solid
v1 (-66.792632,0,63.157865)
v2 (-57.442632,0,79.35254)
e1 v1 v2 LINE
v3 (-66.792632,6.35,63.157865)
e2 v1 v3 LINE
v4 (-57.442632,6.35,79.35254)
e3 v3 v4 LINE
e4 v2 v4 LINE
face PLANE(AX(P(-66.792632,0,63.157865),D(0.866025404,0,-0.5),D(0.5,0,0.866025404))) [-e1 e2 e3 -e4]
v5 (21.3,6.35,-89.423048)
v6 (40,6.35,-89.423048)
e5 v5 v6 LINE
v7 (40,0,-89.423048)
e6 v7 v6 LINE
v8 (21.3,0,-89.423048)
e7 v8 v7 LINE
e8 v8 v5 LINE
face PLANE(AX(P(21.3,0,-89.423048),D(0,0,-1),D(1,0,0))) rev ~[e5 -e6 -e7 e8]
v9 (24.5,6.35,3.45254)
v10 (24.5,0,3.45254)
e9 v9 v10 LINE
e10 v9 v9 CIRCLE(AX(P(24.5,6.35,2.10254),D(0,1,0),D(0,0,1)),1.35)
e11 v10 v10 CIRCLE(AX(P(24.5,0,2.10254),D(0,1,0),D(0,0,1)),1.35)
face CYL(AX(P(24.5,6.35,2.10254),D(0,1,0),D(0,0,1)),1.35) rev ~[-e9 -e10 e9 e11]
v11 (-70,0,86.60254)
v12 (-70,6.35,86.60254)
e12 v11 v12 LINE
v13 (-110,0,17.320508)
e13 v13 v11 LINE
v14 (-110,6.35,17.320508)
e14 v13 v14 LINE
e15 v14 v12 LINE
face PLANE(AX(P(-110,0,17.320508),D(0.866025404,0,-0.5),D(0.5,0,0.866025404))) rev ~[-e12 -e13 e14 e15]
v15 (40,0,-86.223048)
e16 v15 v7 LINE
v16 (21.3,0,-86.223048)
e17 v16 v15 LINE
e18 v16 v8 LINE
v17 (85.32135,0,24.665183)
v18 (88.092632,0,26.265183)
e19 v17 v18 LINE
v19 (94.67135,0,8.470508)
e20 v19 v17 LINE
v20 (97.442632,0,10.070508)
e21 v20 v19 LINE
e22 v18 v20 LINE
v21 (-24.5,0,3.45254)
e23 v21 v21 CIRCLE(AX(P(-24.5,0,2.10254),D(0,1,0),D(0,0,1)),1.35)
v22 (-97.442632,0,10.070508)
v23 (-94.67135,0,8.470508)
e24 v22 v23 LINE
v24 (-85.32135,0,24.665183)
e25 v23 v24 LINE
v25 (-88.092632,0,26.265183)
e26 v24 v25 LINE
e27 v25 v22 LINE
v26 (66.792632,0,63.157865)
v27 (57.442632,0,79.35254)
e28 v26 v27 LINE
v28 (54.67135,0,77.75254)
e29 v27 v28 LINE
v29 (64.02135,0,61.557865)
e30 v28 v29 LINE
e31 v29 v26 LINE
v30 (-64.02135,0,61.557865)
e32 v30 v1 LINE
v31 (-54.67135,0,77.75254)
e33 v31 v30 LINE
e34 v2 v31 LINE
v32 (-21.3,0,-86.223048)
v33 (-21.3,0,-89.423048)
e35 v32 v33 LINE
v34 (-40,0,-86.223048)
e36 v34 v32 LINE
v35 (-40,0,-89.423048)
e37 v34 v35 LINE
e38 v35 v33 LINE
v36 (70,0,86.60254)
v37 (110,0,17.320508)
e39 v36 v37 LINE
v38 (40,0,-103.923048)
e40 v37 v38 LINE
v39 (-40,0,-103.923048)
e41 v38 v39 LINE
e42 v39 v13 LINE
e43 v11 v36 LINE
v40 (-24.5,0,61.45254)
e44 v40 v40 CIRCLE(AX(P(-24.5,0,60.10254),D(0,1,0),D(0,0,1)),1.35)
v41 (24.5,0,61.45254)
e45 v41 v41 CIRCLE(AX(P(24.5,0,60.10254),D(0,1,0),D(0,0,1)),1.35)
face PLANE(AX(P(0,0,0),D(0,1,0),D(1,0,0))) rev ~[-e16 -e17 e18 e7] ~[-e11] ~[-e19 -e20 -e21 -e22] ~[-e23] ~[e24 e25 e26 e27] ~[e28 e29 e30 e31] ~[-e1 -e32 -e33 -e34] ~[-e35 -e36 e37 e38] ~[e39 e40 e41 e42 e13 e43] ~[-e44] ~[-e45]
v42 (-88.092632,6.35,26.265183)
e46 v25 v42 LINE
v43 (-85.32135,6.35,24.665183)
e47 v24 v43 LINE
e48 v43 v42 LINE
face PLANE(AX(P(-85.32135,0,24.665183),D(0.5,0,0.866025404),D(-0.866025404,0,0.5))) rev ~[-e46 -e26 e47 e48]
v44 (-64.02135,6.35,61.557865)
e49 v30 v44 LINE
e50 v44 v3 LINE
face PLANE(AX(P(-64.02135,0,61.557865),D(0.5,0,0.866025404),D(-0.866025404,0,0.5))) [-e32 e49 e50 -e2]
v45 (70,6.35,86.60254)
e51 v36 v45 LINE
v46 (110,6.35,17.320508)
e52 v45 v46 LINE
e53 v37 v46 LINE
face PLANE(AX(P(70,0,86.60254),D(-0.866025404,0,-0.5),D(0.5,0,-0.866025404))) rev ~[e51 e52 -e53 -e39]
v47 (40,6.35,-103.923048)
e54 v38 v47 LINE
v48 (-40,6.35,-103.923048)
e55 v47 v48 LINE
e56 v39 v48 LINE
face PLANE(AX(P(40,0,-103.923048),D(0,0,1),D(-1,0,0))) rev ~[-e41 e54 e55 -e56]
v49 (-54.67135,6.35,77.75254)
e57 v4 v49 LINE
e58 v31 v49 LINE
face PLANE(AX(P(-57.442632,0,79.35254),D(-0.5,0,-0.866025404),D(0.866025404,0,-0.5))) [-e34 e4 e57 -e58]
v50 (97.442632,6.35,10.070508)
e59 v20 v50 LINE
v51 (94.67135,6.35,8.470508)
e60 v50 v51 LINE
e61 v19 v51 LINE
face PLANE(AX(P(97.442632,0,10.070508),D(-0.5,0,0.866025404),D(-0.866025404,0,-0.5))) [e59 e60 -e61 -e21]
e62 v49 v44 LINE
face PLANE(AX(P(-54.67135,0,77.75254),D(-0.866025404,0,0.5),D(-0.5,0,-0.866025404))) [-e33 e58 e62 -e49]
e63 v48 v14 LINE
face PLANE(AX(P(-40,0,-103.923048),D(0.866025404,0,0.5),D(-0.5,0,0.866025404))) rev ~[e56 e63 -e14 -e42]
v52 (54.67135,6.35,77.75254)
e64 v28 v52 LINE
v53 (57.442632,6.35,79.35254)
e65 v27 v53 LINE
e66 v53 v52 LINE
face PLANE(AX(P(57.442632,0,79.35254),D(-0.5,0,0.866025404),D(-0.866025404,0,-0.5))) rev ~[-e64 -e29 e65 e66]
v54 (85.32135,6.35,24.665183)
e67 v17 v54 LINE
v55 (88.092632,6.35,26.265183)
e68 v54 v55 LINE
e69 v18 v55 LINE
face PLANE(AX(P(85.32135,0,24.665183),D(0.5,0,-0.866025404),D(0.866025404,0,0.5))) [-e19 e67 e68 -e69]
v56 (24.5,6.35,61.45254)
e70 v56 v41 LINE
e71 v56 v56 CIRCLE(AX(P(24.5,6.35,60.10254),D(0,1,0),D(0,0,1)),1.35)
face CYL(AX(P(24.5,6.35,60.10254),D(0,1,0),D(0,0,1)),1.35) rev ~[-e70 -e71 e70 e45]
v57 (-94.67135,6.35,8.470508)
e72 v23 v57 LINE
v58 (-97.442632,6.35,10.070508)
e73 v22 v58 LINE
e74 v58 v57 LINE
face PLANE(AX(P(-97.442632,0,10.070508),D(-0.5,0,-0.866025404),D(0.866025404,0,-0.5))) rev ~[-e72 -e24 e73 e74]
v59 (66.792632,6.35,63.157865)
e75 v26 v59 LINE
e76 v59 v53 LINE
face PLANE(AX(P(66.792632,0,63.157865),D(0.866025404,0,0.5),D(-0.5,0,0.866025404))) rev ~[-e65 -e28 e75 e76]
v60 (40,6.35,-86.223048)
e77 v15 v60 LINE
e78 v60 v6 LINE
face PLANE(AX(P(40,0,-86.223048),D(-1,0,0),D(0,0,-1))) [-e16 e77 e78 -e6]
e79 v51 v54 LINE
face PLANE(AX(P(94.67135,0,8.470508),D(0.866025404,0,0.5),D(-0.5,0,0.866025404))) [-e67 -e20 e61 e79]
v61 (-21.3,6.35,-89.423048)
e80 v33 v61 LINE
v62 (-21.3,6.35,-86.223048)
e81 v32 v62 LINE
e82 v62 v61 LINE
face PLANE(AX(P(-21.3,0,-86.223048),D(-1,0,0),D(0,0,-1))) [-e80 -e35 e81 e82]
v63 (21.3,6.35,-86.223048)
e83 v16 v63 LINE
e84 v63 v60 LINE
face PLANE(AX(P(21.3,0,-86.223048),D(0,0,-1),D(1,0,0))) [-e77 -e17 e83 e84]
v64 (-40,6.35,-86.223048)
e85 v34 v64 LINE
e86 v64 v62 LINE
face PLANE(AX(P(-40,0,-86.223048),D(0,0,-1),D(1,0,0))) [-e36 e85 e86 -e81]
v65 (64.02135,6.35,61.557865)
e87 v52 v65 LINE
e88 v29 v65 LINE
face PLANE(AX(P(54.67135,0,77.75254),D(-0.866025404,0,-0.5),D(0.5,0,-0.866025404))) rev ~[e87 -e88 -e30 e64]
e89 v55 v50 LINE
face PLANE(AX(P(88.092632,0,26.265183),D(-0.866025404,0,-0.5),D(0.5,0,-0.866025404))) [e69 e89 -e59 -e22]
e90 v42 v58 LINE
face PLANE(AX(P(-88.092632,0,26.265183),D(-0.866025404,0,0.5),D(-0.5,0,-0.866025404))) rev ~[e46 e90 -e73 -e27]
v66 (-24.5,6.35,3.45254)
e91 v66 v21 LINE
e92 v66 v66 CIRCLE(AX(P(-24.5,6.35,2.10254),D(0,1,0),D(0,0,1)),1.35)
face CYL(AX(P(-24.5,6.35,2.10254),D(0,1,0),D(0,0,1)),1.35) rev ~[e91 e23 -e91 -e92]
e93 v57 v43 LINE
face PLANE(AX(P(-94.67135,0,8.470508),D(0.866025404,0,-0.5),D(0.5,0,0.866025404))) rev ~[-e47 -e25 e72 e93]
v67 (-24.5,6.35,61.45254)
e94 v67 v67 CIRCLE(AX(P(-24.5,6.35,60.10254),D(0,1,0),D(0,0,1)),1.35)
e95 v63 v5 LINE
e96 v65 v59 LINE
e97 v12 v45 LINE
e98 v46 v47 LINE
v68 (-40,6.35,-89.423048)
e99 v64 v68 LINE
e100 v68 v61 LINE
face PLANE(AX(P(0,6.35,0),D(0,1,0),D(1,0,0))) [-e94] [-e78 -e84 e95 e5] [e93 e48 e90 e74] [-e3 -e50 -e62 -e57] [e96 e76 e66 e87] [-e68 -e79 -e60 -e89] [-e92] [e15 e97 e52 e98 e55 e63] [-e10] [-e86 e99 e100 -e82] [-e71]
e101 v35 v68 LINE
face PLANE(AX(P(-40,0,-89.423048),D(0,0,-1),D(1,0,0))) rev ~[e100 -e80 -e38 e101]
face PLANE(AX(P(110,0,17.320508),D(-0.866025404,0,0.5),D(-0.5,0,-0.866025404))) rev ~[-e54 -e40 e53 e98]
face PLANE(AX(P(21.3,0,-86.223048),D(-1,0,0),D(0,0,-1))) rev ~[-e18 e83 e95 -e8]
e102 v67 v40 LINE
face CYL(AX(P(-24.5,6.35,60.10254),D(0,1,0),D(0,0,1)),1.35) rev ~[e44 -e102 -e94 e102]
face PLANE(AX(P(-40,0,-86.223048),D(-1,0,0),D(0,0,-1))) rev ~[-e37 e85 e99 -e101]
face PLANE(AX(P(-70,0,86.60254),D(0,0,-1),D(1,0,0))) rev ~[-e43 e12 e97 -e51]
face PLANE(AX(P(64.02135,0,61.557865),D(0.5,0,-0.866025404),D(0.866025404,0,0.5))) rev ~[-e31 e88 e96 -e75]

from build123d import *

# Parameters (mm, degrees)
SKETCH1_W           = 18.7
SKETCH1_H           = 3.2
BOSS_EXTRUDE1_DEPTH = 6.35
SKETCH2_R           = 1.35
CUT_EXTRUDE1_DEPTH  = 6.35


with BuildPart() as part:
    # Sketch1 → Boss-Extrude1 (new body)
    with BuildSketch(Plane(origin=(0, 0, 0), x_dir=(1, 0, 0), z_dir=(0, 1, 0))):
        Polygon((70, -86.602540378), (110, -17.320508076), (40, 103.923048454), (-40, 103.923048454), (-110, -17.320508076), (-70, -86.602540378), align=None)
        Polygon((-94.671350353, -8.470508076), (-85.321350353, -24.665183126), (-88.092631645, -26.265183126), (-97.442631645, -10.070508076), align=None, mode=Mode.SUBTRACT)
        Polygon((-57.442631645, -79.352540378), (-54.671350353, -77.752540378), (-64.021350353, -61.557865328), (-66.792631645, -63.157865328), align=None, mode=Mode.SUBTRACT)
        Polygon((54.671350353, -77.752540378), (64.021350353, -61.557865328), (66.792631645, -63.157865328), (57.442631645, -79.352540378), align=None, mode=Mode.SUBTRACT)
        Polygon((97.442631645, -10.070508076), (94.671350353, -8.470508076), (85.321350353, -24.665183126), (88.092631645, -26.265183126), align=None, mode=Mode.SUBTRACT)
        with Locations((30.65, 87.823048454)):
            Rectangle(SKETCH1_W, SKETCH1_H, mode=Mode.SUBTRACT)
        with Locations((-30.65, 87.823048454)):
            Rectangle(SKETCH1_W, SKETCH1_H, mode=Mode.SUBTRACT)
    extrude(amount=BOSS_EXTRUDE1_DEPTH)

    # Sketch2 → Cut-Extrude1 (cut)
    with BuildSketch(Plane(origin=(0, 6.35, 0), x_dir=(1, 0, 0), z_dir=(0, 1, 0))):
        with Locations(Location((-24.5, -60.102540378, 0), (0, 0, 270))):
            Circle(SKETCH2_R)
        with Locations(Location((24.5, -60.102540378, 0), (0, 0, 270))):
            Circle(SKETCH2_R)
        with Locations(Location((24.5, -2.102540378, 0), (0, 0, 270))):
            Circle(SKETCH2_R)
        with Locations(Location((-24.5, -2.102540378, 0), (0, 0, 270))):
            Circle(SKETCH2_R)
    extrude(amount=-CUT_EXTRUDE1_DEPTH, mode=Mode.SUBTRACT)


solid = part.part
